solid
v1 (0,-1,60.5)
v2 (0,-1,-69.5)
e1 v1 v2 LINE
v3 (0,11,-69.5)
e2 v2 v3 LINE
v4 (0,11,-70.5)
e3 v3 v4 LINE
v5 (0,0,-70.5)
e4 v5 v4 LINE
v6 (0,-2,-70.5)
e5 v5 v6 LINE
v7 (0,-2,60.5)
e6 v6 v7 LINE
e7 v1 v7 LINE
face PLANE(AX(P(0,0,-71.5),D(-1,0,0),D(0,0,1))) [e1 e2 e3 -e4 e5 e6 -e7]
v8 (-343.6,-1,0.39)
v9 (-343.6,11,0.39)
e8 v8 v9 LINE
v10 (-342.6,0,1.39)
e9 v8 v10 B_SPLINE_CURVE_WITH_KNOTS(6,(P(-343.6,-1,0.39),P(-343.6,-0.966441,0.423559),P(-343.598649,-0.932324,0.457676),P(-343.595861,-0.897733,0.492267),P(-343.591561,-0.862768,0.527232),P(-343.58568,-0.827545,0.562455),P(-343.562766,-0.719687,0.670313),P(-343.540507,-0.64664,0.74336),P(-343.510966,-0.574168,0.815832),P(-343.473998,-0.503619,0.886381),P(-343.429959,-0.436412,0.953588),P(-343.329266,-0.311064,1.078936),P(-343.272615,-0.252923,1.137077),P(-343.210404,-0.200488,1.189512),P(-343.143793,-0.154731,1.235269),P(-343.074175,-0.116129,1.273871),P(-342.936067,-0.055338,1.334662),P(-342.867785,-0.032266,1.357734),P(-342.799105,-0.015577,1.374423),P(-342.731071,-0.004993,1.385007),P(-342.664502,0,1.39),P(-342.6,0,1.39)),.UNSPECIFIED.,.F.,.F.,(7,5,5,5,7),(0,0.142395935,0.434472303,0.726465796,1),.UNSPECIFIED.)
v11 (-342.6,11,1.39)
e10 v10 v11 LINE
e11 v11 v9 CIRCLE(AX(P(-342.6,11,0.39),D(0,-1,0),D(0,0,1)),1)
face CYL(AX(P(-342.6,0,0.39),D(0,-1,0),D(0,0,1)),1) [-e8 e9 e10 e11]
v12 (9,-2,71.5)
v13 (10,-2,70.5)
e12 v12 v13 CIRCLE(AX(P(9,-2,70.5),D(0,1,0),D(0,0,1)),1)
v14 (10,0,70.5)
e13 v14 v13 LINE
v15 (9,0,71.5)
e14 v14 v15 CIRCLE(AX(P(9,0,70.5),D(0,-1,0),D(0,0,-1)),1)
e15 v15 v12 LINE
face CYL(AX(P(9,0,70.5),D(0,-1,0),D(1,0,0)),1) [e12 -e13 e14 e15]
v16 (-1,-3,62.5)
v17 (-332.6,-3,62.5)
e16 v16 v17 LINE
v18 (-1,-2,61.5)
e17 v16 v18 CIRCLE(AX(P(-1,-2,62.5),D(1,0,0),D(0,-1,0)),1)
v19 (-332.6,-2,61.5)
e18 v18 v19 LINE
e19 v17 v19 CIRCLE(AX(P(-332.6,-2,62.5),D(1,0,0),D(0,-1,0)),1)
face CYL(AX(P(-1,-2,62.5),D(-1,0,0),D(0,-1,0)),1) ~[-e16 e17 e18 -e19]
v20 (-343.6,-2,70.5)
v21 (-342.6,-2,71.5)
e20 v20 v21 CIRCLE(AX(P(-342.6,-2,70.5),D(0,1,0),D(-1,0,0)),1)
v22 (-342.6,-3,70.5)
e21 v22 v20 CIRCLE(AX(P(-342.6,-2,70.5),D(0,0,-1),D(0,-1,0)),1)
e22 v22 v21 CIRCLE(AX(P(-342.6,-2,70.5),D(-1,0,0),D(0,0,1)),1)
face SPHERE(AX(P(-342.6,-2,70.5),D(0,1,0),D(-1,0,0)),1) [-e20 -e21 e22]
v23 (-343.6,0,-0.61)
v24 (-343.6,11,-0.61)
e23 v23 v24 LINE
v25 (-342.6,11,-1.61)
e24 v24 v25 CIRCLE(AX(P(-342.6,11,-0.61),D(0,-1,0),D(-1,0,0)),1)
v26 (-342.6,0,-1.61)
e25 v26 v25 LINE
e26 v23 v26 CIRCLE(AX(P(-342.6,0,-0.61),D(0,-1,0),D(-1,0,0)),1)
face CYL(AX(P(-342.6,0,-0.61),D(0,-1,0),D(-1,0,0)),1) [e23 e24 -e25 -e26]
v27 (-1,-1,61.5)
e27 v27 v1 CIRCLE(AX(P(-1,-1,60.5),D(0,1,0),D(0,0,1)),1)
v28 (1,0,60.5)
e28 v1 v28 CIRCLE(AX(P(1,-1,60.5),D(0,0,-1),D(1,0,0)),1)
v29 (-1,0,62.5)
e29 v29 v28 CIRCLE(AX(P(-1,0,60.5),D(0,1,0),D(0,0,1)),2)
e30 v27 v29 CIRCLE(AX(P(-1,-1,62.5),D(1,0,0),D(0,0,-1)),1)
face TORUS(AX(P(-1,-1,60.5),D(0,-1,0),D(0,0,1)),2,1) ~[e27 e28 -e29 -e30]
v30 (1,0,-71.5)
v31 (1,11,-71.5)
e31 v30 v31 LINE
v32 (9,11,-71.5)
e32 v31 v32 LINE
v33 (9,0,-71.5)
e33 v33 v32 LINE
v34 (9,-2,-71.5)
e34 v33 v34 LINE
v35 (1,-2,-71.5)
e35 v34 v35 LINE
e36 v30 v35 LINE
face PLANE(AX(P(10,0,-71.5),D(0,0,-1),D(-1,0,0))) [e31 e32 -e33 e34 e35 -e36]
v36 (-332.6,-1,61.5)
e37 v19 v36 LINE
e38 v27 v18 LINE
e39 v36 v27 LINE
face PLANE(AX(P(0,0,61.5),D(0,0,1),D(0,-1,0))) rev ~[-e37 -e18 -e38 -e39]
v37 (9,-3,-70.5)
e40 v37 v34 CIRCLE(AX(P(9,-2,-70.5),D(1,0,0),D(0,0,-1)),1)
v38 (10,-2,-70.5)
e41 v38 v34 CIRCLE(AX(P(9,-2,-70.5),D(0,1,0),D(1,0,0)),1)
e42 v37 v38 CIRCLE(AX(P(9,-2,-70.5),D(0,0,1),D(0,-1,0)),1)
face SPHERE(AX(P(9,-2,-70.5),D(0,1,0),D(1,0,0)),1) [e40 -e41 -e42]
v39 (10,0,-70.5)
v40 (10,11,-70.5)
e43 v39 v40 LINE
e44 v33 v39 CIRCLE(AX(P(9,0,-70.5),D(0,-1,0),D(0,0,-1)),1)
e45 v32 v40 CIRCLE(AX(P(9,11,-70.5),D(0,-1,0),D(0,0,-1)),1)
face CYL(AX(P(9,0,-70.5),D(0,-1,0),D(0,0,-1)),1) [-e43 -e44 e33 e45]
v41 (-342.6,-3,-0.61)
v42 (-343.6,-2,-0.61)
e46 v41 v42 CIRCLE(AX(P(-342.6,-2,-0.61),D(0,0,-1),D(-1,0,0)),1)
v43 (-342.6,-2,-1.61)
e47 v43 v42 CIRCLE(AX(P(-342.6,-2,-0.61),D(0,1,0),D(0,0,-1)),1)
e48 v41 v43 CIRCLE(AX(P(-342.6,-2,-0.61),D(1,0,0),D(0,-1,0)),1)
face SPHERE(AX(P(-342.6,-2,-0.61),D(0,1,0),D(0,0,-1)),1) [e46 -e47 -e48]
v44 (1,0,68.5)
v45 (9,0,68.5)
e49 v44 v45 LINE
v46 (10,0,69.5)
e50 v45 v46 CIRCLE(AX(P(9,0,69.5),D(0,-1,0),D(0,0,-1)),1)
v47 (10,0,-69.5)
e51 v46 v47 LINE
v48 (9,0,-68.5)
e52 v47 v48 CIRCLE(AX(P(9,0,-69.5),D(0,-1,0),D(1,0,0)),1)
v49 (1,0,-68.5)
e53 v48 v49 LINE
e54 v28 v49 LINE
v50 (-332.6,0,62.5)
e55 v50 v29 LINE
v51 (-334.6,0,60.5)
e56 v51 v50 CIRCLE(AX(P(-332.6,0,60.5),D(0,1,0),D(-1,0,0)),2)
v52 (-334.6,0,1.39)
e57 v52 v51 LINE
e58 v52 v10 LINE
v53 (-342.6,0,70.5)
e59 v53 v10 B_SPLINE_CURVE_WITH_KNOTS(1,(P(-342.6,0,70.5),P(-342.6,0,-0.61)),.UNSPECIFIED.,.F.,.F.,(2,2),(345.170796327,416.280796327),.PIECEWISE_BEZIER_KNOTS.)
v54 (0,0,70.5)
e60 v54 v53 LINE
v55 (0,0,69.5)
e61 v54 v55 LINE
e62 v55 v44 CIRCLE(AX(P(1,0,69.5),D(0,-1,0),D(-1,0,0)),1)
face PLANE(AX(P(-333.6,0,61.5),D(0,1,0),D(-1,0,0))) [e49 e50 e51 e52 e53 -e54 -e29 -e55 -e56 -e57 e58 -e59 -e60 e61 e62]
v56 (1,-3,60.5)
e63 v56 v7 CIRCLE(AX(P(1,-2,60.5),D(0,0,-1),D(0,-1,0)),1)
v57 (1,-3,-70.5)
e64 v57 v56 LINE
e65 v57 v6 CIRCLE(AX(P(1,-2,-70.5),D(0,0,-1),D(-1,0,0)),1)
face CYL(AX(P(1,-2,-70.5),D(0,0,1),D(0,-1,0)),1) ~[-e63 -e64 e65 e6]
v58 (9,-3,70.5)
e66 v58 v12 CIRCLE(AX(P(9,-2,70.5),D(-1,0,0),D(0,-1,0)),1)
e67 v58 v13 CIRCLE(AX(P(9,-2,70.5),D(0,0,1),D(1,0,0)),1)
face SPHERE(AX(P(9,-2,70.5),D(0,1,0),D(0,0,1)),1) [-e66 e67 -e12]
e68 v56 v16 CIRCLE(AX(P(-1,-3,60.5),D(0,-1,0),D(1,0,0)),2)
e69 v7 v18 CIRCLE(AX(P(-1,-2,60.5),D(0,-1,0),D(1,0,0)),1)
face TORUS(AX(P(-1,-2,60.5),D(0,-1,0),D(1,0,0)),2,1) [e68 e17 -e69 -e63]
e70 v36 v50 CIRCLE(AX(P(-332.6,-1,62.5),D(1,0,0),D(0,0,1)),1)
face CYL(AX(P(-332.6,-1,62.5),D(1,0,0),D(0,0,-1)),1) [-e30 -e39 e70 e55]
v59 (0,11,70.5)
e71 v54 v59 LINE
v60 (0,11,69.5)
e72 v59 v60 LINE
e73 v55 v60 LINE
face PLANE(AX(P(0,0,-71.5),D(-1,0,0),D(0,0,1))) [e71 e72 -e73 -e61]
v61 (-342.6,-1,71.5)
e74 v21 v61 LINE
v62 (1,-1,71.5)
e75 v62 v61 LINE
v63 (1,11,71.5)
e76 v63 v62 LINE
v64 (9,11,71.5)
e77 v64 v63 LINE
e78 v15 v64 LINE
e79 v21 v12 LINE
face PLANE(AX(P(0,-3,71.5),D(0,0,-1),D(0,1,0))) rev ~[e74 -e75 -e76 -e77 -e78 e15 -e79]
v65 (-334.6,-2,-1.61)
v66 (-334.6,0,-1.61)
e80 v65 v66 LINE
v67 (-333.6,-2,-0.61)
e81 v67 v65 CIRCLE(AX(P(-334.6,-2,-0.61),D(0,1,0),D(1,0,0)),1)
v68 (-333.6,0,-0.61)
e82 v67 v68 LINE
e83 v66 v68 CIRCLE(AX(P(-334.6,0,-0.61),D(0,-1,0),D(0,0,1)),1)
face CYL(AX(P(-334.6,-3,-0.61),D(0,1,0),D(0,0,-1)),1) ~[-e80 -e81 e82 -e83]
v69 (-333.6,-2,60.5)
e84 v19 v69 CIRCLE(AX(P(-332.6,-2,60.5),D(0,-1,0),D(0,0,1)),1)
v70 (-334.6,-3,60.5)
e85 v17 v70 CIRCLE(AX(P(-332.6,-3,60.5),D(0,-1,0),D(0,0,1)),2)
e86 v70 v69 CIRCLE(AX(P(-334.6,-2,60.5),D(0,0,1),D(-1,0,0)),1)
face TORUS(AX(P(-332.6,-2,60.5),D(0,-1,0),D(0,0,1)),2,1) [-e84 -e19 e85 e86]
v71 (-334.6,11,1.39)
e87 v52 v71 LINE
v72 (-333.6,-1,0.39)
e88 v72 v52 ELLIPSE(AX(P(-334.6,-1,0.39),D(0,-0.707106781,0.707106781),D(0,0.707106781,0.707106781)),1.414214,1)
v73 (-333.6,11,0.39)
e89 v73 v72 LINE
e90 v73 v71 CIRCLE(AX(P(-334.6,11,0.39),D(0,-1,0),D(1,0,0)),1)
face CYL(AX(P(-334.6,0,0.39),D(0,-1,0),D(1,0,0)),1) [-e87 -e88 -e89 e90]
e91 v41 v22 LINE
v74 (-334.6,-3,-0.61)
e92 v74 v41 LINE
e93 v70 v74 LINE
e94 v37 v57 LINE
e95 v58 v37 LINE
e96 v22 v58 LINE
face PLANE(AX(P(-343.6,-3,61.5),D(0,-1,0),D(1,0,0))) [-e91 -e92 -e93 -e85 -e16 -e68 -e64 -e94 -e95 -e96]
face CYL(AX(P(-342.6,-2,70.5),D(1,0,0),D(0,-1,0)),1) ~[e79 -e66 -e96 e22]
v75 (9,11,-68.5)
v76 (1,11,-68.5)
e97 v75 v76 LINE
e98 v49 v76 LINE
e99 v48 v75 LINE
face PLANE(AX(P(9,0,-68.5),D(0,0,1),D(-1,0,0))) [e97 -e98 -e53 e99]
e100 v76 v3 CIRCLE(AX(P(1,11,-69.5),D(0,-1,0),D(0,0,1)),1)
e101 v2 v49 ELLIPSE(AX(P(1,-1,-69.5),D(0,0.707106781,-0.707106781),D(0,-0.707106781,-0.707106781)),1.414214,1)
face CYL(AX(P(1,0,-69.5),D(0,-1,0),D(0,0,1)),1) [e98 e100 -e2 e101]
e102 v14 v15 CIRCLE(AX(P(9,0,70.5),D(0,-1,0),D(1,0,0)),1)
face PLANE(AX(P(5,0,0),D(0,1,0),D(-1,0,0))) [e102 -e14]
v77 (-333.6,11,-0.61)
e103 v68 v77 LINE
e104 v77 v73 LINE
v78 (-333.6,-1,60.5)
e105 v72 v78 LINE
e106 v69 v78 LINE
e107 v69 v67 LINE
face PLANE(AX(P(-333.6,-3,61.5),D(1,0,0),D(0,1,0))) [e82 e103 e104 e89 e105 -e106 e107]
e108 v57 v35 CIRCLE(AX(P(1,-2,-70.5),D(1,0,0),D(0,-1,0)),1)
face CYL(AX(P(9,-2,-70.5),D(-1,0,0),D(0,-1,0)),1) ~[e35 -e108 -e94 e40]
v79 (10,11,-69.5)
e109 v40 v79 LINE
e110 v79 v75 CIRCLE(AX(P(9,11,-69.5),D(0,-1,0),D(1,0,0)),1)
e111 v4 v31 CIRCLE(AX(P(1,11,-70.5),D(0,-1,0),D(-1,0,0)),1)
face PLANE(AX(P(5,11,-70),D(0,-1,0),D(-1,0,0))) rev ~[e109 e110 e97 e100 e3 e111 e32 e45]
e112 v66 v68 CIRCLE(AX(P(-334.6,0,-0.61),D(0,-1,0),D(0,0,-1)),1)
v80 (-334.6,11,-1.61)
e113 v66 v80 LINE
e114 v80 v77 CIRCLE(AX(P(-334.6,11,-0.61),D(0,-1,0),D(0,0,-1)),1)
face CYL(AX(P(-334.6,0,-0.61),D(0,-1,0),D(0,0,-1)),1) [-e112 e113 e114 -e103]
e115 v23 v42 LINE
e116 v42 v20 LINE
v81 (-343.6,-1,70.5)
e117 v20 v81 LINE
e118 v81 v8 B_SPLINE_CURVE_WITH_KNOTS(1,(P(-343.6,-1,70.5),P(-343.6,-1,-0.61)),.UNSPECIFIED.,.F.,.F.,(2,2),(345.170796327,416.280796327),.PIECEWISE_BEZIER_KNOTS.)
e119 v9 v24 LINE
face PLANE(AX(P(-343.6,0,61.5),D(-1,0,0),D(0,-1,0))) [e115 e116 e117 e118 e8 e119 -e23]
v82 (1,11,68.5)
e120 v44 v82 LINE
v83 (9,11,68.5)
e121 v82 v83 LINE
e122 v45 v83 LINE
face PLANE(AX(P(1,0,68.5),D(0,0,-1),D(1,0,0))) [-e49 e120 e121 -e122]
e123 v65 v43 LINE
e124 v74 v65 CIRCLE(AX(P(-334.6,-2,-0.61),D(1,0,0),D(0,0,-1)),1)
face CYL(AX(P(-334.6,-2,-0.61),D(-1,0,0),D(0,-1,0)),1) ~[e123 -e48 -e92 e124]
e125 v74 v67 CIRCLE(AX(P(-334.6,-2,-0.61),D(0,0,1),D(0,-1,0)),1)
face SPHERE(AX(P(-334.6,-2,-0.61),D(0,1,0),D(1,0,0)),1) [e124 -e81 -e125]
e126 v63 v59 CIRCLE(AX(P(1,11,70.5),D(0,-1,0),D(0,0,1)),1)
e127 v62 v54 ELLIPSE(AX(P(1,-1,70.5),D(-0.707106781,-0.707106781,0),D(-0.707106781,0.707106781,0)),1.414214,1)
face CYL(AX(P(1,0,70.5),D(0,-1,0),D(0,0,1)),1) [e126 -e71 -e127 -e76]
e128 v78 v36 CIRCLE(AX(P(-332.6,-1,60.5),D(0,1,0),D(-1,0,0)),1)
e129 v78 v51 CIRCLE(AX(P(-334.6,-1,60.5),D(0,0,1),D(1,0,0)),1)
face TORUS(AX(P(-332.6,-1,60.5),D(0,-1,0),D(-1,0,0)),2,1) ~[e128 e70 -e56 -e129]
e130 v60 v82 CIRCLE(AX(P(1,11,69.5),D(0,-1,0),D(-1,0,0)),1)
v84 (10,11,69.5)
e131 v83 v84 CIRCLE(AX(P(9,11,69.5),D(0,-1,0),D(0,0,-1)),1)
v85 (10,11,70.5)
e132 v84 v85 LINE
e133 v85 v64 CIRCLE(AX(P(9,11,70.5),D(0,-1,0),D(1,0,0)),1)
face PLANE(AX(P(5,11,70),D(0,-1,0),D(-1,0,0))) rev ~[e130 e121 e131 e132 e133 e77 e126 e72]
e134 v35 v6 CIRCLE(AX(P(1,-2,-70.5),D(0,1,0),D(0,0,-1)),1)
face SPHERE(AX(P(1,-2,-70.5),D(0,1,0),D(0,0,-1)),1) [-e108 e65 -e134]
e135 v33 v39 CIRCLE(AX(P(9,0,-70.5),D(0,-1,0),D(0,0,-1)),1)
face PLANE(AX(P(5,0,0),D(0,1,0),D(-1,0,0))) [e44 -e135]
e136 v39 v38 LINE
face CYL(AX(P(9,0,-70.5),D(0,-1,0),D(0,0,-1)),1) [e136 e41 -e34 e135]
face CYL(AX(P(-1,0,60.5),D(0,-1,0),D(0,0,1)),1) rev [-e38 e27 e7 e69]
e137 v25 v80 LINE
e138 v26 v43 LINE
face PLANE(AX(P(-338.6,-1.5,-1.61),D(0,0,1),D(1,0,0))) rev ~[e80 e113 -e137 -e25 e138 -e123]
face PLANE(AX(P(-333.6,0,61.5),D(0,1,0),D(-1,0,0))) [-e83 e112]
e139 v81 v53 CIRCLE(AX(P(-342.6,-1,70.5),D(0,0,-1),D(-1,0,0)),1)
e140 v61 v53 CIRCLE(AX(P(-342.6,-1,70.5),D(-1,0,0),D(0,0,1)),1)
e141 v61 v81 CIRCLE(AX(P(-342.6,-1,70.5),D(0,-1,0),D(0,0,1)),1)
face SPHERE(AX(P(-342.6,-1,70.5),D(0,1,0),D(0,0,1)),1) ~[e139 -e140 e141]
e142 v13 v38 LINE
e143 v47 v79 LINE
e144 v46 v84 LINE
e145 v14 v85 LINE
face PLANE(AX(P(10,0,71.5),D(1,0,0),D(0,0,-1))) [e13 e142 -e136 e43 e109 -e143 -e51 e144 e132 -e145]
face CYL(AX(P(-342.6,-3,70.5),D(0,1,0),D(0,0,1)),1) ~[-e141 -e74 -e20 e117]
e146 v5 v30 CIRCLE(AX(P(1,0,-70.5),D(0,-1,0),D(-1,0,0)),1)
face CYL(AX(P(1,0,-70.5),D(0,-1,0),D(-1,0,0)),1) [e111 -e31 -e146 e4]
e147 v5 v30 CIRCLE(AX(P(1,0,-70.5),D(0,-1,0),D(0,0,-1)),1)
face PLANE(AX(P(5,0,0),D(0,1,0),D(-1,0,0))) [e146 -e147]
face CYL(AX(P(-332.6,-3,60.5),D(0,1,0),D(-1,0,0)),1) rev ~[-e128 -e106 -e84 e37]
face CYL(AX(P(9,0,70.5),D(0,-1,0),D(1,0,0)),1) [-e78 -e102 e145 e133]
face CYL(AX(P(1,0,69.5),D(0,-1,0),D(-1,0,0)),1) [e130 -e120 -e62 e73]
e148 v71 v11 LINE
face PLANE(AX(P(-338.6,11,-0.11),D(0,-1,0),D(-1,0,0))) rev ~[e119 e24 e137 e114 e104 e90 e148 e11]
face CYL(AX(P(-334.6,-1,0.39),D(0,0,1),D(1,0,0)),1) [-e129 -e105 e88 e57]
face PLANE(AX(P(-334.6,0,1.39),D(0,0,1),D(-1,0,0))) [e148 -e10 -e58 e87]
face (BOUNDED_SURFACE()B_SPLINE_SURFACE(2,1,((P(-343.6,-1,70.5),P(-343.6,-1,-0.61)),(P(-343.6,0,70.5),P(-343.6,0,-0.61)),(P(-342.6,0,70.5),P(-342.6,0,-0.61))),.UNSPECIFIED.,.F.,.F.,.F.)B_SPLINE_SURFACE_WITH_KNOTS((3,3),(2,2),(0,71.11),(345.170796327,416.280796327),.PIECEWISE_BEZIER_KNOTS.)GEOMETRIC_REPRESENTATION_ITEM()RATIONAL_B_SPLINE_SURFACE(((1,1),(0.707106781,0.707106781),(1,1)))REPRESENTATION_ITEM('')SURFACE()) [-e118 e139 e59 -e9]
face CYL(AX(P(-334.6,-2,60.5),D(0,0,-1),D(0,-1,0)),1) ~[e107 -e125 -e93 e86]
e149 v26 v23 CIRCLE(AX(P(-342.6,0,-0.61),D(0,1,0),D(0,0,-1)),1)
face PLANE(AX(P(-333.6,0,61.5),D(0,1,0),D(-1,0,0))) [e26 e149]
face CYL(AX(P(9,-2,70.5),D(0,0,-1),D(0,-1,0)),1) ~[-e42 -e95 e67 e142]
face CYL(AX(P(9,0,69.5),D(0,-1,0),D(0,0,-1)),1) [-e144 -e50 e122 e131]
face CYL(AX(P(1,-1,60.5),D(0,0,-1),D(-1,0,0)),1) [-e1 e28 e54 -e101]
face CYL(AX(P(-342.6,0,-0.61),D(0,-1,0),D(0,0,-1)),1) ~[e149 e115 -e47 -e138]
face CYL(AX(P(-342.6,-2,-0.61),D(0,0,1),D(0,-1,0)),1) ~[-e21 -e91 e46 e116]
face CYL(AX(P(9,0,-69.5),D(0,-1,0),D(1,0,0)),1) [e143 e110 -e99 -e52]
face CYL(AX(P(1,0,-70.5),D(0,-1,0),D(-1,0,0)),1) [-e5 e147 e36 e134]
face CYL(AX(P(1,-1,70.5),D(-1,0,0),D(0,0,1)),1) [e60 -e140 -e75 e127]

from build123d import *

# Parameters (mm, degrees)
BOSS_EXTRU_1_DEPTH   = 11
BOSS_EXTRU_1_2_DEPTH = 11
BOSS_EXTRU_2_DEPTH   = 3
BOSS_EXTRU_4_DEPTH   = 343.6
BOSS_EXTRU_5_DEPTH   = 63.11
BOSS_EXTRU_6_DEPTH   = 11
CONG_1_R             = 1
CONG_2_R             = 1


with BuildPart() as part:
    # Esquisse1 → Boss.-Extru.1 (new body)
    with BuildSketch(Plane(origin=(0, 0, 0), x_dir=(1, 0, 0), z_dir=(0, 1, 0))):
        with BuildLine():
            Line((0.9999999999999831, 71.50000000000001), (8.999999999999984, 71.50000000000001))
            ThreePointArc((8.999999999999984, 71.50000000000001), (9.707106781186543, 71.20710678118655), (9.999999999999984, 70.5))
            Line((9.999999999999984, 70.5), (9.999999999999984, 69.5))
            ThreePointArc((9.999999999999984, 69.5), (9.707106781186532, 68.79289321881345), (8.999999999999984, 68.5))
            Line((8.999999999999984, 68.5), (0.9999999999999831, 68.5))
            ThreePointArc((0.9999999999999831, 68.5), (0.2928932188134351, 68.79289321881345), (-1.735e-14, 69.5))
            Line((-1.735e-14, 69.5), (-1.735e-14, 70.5))
            ThreePointArc((-1.735e-14, 70.5), (0.29289321881342556, 71.20710678118655), (0.9999999999999831, 71.50000000000001))
        make_face()
    extrude(amount=BOSS_EXTRU_1_DEPTH)



with BuildPart() as body_2:
    # Esquisse1 → Boss.-Extru.1 2 (new body)
    with BuildSketch(Plane(origin=(0, 0, 0), x_dir=(1, 0, 0), z_dir=(0, 1, 0))):
        with BuildLine():
            Line((1.0000000000000004, -68.5), (9.000000000000002, -68.5))
            ThreePointArc((9.000000000000002, -68.5), (9.70710678118655, -68.79289321881345), (10.000000000000002, -69.5))
            Line((10.000000000000002, -69.5), (10.000000000000002, -70.5))
            ThreePointArc((10.000000000000002, -70.5), (9.70710678118656, -71.20710678118655), (9.000000000000002, -71.50000000000001))
            Line((9.000000000000002, -71.50000000000001), (1.0000000000000004, -71.50000000000001))
            ThreePointArc((1.0000000000000004, -71.50000000000001), (0.2928932188134524, -71.20710678118655), (0, -70.5))
            Line((0, -70.5), (0, -69.5))
            ThreePointArc((0, -69.5), (0.292893218813453, -68.79289321881345), (1.0000000000000004, -68.5))
        make_face()
    extrude(amount=BOSS_EXTRU_1_2_DEPTH)


with BuildPart() as part_1:
    add(part.part)

    add(body_2.part)  # Boss.-Extru.2 merges body 2
    # Esquisse2 → Boss.-Extru.2 (add)
    with BuildSketch(Plane.XZ):
        Polygon((-1.727e-14, 71.50000000000001), (9.999999999999984, 71.50000000000001), (10.000000000000002, -71.50000000000001), (2.4e-16, -71.50000000000001), align=None)
    extrude(amount=BOSS_EXTRU_2_DEPTH)

    # Esquisse3 → Boss.-Extru.4 (add)
    with BuildSketch(Plane(origin=(0, 0, 0), x_dir=(0, 0, -1), z_dir=(1, 0, 0))):
        Polygon((-61.50000000000001, -2.9999999999999996), (-71.50000000000001, -3.0000000000000013), (-71.50000000000001, -1.751e-14), (-61.5, -1.648e-14), align=None)
    extrude(amount=-BOSS_EXTRU_4_DEPTH)

    # Esquisse4 → Boss.-Extru.5 (add)
    with BuildSketch(Plane(origin=(0, 1.4225e-13, 61.5), x_dir=(-1, 0, 0), z_dir=(0, -3.47e-15, -1))):
        Polygon((343.6, -3.0000000000001417), (333.6, -3.000000000000143), (333.6, -2.2985e-13), (343.6, -2.2985e-13), align=None)
    extrude(amount=BOSS_EXTRU_5_DEPTH)

    # Esquisse5 → Boss.-Extru.6 (add)
    with BuildSketch(Plane(origin=(0, 0, 0), x_dir=(1, 0, 0), z_dir=(0, 1, 0))):
        with BuildLine():
            Line((-342.6, 1.6100000000000003), (-334.6, 1.6100000000000003))
            ThreePointArc((-334.6, 1.6100000000000003), (-333.89289321881347, 1.3171067811865478), (-333.6, 0.6100000000000004))
            Line((-333.6, 0.6100000000000004), (-333.6, -0.38999999999999974))
            ThreePointArc((-333.6, -0.38999999999999974), (-333.89289321881347, -1.0971067811865471), (-334.6, -1.3899999999999997))
            Line((-334.6, -1.3899999999999997), (-342.6, -1.3899999999999997))
            ThreePointArc((-342.6, -1.3899999999999997), (-343.3071067811866, -1.0971067811865471), (-343.6, -0.38999999999999974))
            Line((-343.6, -0.38999999999999974), (-343.6, 0.6100000000000001))
            ThreePointArc((-343.6, 0.6100000000000001), (-343.3071067811866, 1.3171067811865478), (-342.6, 1.6100000000000003))
        make_face()
    extrude(amount=BOSS_EXTRU_6_DEPTH)

    # Congé1
    cong_1_edges = [part_1.edges().sort_by_distance(p)[0] for p in [
        (-333.6, -1.5000000000002631, -1.6099999999999943),
        (-343.6, -1.5000000000002622, -1.6099999999999943),
        (-343.6, -1.5000000000000093, 71.50000000000001),
        (-333.6, -1.5000000000000442, 61.50000000000001),
        (0, -1.500000000000008, 61.5),
        (2.4e-16, -1.5, -71.50000000000001),
        (10.000000000000002, -1.5, -71.50000000000001),
        (9.999999999999984, -1.5, 71.50000000000001),
    ]]
    fillet(cong_1_edges, radius=CONG_1_R)

    # Congé2
    cong_2_edges = [part_1.edges().sort_by_distance(p)[0] for p in [
        (-166.80000000000004, -2.9999999999999996, 61.50000000000001),
        (-333.3071067811866, 2.45e-15, 61.207106781186546),
        (-333.3071067811866, -2.9999999999999973, 61.20710678118655),
        (-333.6, -3.0000000000001106, 29.945000000000007),
        (-333.89289321881347, -3.0000000000000027, -1.3171067811865385),
        (-338.6, -3.000000000000219, -1.609999999999989),
        (-343.3071067811866, -3.0000000000000027, -1.317106781186539),
        (-343.6, -3.00000000000011, 34.94500000000001),
        (-343.3071067811866, 0, 71.20710678118657),
        (-343.3071067811866, -3, 71.20710678118657),
        (-333.6, -1.9535e-13, 30.444999999999997),
        (-343.6, -1.6006e-13, 35.44500000000001),
        (-170.8, -8.73e-15, 71.50000000000001),
        (-166.8, -3.000000000000001, 71.50000000000001),
        (-166.80000000000004, -1.648e-14, 61.5),
        (9.707106781186534, -3, 71.20710678118655),
        (9.999999999999993, -3, 0),
        (9.70710678118655, -3, -71.20710678118657),
        (5.000000000000001, -3, -71.50000000000001),
        (0.2928932188134524, -3, -71.20710678118657),
        (-7.9e-15, -3, -5.000000000000014),
        (-0.29289321881346586, -2.9999999999999982, 61.207106781186546),
        (-0.29289321881346586, 1.67e-15, 61.20710678118654),
        (-7.96e-15, 0, -4.5),
    ]]
    fillet(cong_2_edges, radius=CONG_2_R)


solid = part_1.part
